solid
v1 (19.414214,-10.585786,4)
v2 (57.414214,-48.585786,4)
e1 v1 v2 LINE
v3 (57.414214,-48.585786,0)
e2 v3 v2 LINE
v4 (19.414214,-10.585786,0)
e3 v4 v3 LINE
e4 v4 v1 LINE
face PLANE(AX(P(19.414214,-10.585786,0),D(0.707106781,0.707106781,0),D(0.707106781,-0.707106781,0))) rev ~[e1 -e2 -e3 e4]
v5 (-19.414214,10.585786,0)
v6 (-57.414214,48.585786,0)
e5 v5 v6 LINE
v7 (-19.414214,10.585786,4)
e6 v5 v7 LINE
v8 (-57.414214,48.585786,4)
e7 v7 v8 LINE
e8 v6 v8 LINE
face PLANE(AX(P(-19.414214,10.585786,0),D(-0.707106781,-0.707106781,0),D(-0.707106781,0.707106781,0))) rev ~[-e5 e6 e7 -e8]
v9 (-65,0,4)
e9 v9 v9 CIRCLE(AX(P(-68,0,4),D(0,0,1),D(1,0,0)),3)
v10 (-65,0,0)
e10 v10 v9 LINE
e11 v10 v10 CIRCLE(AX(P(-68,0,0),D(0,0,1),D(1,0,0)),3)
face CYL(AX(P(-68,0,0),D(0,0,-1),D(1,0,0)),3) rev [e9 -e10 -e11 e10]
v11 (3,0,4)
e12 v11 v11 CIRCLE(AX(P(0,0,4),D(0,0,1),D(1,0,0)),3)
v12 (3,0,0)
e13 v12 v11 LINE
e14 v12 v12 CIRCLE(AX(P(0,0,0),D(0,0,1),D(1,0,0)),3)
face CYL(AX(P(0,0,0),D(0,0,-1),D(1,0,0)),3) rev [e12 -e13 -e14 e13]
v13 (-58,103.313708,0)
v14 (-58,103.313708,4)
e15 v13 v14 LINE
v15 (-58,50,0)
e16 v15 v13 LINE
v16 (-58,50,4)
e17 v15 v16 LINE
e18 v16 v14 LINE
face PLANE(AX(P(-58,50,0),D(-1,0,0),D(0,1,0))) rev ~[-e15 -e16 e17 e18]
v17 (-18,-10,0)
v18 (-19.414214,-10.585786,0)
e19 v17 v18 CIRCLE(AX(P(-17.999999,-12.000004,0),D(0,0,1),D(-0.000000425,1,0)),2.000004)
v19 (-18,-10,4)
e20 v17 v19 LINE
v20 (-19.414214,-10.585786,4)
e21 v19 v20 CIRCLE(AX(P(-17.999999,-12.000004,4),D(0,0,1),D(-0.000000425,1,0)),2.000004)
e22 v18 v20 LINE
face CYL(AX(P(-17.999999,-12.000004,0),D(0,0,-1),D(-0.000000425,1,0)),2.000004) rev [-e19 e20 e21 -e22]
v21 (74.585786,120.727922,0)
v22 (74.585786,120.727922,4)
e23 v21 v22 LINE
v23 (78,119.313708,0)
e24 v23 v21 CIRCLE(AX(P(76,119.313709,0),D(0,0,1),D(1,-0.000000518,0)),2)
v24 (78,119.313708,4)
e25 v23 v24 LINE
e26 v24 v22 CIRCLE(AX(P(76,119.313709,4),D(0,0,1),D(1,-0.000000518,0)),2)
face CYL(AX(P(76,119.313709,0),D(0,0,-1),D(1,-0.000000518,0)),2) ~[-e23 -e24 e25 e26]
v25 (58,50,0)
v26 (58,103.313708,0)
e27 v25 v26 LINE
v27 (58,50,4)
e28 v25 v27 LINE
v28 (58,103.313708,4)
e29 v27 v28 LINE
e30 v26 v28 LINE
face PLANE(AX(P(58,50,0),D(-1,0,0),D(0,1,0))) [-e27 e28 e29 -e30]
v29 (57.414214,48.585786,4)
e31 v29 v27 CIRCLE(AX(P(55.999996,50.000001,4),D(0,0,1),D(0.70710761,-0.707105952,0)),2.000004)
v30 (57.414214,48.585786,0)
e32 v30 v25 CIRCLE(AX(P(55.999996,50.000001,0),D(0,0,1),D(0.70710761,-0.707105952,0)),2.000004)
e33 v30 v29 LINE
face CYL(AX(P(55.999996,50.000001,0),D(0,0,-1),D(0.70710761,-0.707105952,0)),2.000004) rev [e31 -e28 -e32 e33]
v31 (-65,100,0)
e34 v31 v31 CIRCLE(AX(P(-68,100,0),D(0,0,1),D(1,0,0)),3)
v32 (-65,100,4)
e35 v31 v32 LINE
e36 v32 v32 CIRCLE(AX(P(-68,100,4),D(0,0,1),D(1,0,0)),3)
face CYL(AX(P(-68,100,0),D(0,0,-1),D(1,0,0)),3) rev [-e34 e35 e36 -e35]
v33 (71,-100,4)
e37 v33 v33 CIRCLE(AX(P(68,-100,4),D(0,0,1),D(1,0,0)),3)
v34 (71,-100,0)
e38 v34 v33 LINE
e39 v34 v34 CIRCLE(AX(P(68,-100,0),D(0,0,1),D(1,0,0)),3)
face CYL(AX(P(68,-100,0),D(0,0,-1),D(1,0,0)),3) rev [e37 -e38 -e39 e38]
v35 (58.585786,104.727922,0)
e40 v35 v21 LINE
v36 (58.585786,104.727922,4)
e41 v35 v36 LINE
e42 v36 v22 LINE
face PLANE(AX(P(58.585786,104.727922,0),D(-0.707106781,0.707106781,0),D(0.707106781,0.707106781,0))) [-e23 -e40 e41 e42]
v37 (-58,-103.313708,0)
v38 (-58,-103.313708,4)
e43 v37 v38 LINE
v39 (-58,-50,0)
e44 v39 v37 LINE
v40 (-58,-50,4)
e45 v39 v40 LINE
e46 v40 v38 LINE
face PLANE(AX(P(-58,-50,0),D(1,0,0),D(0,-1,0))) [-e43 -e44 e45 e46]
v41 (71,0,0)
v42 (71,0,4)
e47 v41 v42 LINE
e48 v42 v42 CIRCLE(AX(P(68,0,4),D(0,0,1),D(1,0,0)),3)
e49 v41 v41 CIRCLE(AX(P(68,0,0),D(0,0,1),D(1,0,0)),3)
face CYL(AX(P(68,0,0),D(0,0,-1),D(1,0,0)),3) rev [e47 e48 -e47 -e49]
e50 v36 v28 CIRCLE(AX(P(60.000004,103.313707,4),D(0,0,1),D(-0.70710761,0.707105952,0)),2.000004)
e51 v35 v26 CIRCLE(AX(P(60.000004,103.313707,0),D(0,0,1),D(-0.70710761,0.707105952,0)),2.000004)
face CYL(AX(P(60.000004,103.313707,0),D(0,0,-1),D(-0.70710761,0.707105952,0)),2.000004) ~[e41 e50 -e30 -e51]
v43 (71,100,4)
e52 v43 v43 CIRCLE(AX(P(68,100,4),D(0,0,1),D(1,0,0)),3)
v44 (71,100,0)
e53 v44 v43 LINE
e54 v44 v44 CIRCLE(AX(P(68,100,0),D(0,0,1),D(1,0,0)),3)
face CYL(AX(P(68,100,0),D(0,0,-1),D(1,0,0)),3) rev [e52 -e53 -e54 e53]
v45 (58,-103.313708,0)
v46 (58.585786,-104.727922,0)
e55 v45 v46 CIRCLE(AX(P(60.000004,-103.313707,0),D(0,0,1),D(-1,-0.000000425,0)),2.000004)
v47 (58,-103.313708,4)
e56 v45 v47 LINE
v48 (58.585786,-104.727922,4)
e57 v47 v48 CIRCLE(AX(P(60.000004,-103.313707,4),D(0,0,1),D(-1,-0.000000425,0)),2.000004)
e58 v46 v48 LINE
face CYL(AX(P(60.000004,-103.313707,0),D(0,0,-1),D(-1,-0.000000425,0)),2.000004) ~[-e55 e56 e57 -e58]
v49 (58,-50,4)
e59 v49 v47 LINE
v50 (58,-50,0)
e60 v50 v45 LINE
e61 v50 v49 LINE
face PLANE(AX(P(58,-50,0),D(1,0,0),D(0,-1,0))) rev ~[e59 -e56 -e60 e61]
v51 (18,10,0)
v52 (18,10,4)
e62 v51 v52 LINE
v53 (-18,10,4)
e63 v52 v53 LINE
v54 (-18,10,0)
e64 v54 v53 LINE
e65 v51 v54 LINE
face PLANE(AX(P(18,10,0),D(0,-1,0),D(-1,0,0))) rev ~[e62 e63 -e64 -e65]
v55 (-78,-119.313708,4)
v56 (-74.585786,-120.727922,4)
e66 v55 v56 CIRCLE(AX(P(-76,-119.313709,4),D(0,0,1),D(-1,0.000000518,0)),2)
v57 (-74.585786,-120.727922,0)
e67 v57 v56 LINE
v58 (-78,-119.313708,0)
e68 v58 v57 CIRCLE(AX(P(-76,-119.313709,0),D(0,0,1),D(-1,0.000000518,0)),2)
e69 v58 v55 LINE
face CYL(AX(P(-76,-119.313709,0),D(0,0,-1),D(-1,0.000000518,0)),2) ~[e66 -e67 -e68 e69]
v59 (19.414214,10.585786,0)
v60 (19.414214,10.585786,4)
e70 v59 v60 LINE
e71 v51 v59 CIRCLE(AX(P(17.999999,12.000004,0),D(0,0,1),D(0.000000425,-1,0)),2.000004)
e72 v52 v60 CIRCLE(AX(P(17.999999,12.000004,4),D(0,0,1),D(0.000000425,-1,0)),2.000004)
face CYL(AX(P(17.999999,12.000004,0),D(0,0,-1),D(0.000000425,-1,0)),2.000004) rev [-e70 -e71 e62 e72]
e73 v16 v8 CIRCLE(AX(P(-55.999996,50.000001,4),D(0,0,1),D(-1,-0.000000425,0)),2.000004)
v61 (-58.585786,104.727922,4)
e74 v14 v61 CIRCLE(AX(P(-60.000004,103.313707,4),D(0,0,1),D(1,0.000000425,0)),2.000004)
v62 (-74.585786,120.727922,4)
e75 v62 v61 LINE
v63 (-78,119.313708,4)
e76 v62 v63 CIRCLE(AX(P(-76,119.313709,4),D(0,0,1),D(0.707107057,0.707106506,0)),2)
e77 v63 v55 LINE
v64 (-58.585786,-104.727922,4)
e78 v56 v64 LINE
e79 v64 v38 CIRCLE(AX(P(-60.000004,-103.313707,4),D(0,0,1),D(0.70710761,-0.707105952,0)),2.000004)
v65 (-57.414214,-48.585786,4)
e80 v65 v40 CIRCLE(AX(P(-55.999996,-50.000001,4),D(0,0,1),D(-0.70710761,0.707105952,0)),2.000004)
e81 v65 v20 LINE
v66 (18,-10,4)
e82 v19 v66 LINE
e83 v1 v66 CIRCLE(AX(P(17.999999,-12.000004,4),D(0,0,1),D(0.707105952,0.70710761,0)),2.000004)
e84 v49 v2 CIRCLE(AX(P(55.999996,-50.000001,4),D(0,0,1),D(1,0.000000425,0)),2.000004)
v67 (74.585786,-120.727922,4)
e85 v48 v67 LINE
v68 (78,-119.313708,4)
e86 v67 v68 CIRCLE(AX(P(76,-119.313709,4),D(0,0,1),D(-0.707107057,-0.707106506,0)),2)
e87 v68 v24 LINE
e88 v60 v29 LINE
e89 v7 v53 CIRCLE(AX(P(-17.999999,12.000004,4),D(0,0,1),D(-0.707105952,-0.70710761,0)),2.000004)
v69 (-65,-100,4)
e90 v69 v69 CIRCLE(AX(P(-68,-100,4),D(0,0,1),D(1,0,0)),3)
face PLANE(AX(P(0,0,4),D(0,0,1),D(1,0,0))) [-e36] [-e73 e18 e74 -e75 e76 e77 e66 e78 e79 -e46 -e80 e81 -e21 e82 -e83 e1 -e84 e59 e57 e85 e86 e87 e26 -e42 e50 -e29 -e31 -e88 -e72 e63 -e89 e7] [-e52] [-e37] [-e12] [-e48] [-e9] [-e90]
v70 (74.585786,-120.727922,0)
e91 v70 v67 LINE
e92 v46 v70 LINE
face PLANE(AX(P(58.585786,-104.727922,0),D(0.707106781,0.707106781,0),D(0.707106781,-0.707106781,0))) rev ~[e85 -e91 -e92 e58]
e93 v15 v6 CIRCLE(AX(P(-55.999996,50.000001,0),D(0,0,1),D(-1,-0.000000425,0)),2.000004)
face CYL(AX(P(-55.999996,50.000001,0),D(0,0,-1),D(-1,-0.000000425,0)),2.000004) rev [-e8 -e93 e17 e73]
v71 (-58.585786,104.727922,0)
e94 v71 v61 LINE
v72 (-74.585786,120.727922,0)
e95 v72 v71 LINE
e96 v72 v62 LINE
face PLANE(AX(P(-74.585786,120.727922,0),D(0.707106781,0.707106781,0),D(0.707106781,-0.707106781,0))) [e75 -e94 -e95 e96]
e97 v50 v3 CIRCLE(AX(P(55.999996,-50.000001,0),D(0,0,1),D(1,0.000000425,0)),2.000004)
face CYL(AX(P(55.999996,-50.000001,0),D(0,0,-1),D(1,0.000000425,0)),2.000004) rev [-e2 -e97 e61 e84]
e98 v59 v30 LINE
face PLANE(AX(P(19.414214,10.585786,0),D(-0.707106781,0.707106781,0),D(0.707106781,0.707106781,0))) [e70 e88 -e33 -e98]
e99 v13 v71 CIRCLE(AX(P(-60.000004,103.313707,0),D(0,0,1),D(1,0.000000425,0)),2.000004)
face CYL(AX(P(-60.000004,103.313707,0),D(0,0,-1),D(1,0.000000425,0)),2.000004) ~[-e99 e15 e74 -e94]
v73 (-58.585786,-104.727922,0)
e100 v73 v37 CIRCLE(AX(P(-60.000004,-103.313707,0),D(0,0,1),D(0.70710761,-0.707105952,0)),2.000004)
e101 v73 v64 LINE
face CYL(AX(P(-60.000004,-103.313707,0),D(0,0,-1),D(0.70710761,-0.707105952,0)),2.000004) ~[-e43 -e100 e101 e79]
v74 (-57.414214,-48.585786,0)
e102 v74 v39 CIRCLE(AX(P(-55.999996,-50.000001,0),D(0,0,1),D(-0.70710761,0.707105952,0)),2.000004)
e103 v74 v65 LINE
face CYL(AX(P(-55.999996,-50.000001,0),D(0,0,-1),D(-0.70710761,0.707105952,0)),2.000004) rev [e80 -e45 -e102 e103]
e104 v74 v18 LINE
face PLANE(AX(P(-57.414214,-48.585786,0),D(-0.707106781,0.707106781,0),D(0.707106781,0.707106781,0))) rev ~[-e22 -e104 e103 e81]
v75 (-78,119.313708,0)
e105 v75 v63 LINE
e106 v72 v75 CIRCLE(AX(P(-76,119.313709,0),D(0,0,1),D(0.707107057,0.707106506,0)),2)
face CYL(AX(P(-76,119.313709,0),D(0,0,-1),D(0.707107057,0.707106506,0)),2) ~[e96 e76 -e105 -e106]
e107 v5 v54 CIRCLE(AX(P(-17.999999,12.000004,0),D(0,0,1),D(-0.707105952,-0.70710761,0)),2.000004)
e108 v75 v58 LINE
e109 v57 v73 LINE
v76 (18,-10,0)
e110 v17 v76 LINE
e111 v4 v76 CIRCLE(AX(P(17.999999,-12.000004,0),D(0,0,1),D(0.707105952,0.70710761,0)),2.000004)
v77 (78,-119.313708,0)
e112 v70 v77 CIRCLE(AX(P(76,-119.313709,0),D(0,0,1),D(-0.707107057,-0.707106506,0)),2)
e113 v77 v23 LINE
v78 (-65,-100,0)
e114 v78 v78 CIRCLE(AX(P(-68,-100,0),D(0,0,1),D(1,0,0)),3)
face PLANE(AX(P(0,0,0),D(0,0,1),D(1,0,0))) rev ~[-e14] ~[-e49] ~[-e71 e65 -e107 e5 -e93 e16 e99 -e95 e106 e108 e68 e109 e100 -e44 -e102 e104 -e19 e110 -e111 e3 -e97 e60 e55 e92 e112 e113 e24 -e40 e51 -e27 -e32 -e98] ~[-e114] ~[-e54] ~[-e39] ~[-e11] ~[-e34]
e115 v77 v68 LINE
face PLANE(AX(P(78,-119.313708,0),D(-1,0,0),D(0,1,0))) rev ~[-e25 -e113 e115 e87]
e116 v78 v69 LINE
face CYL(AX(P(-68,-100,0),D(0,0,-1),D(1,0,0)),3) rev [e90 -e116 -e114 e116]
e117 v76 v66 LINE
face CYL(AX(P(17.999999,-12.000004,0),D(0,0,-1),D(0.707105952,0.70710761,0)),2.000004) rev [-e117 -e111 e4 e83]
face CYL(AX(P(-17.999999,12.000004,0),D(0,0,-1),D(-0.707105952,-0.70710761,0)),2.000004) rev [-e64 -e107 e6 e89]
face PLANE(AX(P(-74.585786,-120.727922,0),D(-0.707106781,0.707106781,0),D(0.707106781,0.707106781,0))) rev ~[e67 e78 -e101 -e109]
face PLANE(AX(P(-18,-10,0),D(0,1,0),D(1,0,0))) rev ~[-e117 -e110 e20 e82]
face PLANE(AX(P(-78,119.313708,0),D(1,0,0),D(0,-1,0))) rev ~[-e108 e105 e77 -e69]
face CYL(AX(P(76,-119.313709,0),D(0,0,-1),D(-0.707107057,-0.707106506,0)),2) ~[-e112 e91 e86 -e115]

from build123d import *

# Parameters (mm, degrees)
SKETCH_R  = 3
PAD_DEPTH = 4


with BuildPart() as part:
    # Sketch → Pad (new body)
    with BuildSketch(Plane.XY):
        with BuildLine():
            Line((-78, 119.313708), (-78, -119.313708))
            ThreePointArc((-78, -119.313708), (-76.765367, -121.161468), (-74.585786, -120.727922))
            Line((-74.585786, -120.727922), (-58.585786, -104.727922))
            ThreePointArc((-58.585786, -104.727922), (-58.152241, -104.079075), (-58, -103.313708))
            Line((-58, -50), (-58, -103.313708))
            ThreePointArc((-57.414214, -48.585786), (-57.847759, -49.234633), (-58, -50))
            Line((-57.414214, -48.585786), (-19.414214, -10.585786))
            ThreePointArc((-18, -10), (-18.765367, -10.152241), (-19.414214, -10.585786))
            Line((-18, -10), (18, -10))
            ThreePointArc((19.414214, -10.585786), (18.765367, -10.152241), (18, -10))
            Line((19.414214, -10.585786), (57.414214, -48.585786))
            ThreePointArc((58, -50), (57.847759, -49.234633), (57.414214, -48.585786))
            Line((58, -50), (58, -103.313708))
            ThreePointArc((58, -103.313708), (58.152241, -104.079075), (58.585786, -104.727922))
            Line((58.585786, -104.727922), (74.585786, -120.727922))
            ThreePointArc((74.585786, -120.727922), (76.765367, -121.161468), (78, -119.313708))
            Line((78, -119.313708), (78, 119.313708))
            ThreePointArc((78, 119.313708), (76.765367, 121.161468), (74.585786, 120.727922))
            Line((58.585786, 104.727922), (74.585786, 120.727922))
            ThreePointArc((58.585786, 104.727922), (58.152241, 104.079075), (58, 103.313708))
            Line((58, 50), (58, 103.313708))
            ThreePointArc((57.414214, 48.585786), (57.847759, 49.234633), (58, 50))
            Line((19.414214, 10.585786), (57.414214, 48.585786))
            ThreePointArc((18, 10), (18.765367, 10.152241), (19.414214, 10.585786))
            Line((18, 10), (-18, 10))
            ThreePointArc((-19.414214, 10.585786), (-18.765367, 10.152241), (-18, 10))
            Line((-19.414214, 10.585786), (-57.414214, 48.585786))
            ThreePointArc((-58, 50), (-57.847759, 49.234633), (-57.414214, 48.585786))
            Line((-58, 50), (-58, 103.313708))
            ThreePointArc((-58, 103.313708), (-58.152241, 104.079075), (-58.585786, 104.727922))
            Line((-74.585786, 120.727922), (-58.585786, 104.727922))
            ThreePointArc((-74.585786, 120.727922), (-76.765367, 121.161468), (-78, 119.313708))
        make_face()
        with Locations((-68, 0)):
            Circle(SKETCH_R, mode=Mode.SUBTRACT)
        with Locations((68, 0)):
            Circle(SKETCH_R, mode=Mode.SUBTRACT)
        with Locations((-68, -100)):
            Circle(SKETCH_R, mode=Mode.SUBTRACT)
        with Locations((68, -100)):
            Circle(SKETCH_R, mode=Mode.SUBTRACT)
        Circle(SKETCH_R, mode=Mode.SUBTRACT)
        with Locations((-68, 100)):
            Circle(SKETCH_R, mode=Mode.SUBTRACT)
        with Locations((68, 100)):
            Circle(SKETCH_R, mode=Mode.SUBTRACT)
    extrude(amount=PAD_DEPTH)


solid = part.part
